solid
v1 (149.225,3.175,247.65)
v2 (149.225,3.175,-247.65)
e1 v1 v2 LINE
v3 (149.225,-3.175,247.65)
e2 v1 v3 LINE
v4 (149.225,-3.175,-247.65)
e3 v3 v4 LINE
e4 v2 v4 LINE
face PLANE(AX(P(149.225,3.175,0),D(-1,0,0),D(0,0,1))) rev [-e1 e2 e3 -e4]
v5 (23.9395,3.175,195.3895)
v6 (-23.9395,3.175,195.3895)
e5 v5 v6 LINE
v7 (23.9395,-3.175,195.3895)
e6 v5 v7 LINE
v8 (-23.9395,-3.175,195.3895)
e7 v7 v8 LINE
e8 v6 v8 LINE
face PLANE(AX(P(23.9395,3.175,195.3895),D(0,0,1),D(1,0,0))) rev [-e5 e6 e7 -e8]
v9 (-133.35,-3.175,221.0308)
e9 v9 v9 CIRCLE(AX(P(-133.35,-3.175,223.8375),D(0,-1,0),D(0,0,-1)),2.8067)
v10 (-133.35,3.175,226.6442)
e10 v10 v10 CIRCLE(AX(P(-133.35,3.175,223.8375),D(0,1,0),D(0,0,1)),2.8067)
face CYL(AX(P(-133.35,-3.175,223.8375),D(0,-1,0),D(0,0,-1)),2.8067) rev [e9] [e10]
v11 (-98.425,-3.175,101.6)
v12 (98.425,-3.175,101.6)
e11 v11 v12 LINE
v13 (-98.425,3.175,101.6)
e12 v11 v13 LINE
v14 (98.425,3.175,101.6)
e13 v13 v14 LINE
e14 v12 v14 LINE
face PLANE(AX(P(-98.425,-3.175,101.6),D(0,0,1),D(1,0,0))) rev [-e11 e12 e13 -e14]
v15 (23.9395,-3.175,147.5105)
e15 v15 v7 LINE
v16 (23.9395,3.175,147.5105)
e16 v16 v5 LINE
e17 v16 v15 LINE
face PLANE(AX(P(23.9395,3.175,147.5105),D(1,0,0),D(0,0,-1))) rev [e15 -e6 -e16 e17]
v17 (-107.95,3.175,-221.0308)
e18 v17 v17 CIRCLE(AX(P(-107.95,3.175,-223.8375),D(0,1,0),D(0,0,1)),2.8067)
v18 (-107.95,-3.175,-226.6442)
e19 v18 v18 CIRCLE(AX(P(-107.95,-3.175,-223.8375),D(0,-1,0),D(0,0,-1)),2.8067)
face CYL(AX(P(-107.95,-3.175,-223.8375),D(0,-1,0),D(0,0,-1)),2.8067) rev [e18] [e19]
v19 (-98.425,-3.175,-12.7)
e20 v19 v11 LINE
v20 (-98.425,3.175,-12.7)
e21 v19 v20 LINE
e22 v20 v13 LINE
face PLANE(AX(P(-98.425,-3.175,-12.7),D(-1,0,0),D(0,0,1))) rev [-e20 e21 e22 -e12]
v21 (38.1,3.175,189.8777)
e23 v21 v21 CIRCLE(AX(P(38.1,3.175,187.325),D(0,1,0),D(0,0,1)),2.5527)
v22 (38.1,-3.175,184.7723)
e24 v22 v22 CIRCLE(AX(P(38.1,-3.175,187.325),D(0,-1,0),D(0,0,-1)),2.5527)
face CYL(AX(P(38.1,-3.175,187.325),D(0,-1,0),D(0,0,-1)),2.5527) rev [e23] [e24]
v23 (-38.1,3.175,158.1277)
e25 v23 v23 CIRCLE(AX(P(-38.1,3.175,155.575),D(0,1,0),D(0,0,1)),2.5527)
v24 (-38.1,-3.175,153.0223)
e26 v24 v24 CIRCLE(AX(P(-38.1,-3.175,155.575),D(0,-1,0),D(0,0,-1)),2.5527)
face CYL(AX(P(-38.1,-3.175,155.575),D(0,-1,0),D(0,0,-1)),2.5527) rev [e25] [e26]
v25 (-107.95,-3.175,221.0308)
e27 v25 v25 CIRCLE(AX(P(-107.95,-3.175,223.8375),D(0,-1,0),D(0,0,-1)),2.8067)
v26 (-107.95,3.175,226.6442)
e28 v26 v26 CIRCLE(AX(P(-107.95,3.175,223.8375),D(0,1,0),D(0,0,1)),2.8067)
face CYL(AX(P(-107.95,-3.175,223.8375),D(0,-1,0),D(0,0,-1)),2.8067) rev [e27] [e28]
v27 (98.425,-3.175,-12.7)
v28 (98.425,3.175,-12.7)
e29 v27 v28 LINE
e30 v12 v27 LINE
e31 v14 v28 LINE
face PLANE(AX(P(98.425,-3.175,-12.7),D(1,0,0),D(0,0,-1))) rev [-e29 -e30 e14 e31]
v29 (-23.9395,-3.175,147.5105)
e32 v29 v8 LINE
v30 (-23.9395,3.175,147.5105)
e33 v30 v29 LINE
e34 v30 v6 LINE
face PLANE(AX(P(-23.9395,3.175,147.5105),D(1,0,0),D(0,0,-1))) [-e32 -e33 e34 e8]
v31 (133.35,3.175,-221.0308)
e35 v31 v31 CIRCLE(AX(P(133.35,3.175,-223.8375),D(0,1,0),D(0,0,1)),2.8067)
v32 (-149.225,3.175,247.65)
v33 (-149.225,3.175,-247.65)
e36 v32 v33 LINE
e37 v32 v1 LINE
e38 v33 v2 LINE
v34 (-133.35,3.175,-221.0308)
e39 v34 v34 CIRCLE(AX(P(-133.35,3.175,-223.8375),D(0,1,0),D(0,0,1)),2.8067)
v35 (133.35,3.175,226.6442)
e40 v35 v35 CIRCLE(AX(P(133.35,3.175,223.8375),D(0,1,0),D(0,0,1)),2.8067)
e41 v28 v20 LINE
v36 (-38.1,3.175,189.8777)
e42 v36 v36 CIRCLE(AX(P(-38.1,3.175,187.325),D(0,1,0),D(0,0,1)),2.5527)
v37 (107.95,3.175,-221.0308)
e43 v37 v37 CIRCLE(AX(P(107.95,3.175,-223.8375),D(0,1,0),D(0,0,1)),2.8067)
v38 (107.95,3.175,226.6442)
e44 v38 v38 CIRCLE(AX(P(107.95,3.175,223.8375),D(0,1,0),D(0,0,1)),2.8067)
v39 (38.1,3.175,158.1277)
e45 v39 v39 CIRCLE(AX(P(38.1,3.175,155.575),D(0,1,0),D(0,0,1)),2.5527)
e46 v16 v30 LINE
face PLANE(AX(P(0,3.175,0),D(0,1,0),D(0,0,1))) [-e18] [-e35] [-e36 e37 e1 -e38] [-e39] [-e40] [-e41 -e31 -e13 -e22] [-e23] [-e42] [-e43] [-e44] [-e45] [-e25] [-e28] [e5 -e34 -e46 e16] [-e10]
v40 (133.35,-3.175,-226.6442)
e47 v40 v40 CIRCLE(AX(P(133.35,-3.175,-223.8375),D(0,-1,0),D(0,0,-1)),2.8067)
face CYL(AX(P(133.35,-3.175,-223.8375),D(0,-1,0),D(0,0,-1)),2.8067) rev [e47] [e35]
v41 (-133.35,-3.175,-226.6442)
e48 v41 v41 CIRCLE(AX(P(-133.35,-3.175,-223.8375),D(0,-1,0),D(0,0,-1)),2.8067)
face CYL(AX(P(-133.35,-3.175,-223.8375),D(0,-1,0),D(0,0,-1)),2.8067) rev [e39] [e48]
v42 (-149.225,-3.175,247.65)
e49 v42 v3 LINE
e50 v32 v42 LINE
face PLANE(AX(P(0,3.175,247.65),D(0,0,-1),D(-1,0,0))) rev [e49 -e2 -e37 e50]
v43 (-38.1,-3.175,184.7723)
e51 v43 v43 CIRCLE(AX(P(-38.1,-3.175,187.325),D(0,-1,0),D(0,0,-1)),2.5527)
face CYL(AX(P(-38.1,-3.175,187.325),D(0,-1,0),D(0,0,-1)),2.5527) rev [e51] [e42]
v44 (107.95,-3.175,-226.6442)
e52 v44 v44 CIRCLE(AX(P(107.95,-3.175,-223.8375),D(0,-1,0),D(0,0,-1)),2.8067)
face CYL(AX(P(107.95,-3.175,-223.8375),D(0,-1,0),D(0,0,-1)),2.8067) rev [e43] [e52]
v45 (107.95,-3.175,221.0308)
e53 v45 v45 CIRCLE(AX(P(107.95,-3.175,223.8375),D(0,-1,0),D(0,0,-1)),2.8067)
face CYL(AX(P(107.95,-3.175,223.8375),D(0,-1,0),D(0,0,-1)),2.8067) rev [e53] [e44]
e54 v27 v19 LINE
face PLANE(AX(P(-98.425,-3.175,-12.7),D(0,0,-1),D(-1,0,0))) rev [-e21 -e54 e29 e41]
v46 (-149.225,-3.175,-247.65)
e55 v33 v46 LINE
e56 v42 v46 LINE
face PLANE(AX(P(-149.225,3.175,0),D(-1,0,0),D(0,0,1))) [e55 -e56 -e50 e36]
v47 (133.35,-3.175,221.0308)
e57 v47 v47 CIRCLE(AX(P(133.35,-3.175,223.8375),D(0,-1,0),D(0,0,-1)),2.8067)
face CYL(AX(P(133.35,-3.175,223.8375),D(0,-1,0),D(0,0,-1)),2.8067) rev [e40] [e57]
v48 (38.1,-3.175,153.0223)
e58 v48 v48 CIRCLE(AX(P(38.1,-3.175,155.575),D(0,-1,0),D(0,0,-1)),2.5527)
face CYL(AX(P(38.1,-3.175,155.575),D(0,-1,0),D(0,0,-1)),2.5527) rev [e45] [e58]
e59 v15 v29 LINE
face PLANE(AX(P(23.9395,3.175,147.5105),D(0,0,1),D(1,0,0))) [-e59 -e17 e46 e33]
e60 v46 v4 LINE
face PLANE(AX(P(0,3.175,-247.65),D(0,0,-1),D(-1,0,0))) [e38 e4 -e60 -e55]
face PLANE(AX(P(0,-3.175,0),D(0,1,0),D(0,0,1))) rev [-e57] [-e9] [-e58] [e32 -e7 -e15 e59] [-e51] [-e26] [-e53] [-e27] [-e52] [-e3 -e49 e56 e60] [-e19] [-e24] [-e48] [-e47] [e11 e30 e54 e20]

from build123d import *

# Parameters (mm, degrees)
SKETCH1_W                  = 298.45
SKETCH1_H                  = 495.3
BOSS_EXTRUDE1_DEPTH        = 3.175
CUT_EXTRUDE1_DEPTH         = 290.203986184
CUT_EXTRUDE1_DEPTH_BACK    = 290.203986184
SKETCH3_W                  = 196.85
SKETCH3_H                  = 114.3
F_12_CLEARANCE_HOLE2_D     = 5.6134
F_12_CLEARANCE_HOLE2_DEPTH = 16.51
F_12_CLEARANCE_HOLE2_TIP   = 1.686435499
SKETCH20_W                 = 47.879
SKETCH20_H                 = 47.879
CUT_EXTRUDE5_DEPTH         = 290.203986184
F_10_CLEARANCE_HOLE1_D     = 5.1054
F_10_CLEARANCE_HOLE1_DEPTH = 10.668
F_10_CLEARANCE_HOLE1_TIP   = 1.533816902


with BuildPart() as part:
    # Sketch1 → Boss-Extrude1 (new, symmetric)
    with BuildSketch(Plane(origin=(0, 0, 0), x_dir=(1, 0, 0), z_dir=(0, 1, 0))):
        Rectangle(SKETCH1_W, SKETCH1_H)
    extrude(amount=BOSS_EXTRUDE1_DEPTH, both=True)

    # Sketch3 → Cut-Extrude1 (cut, two sides: drawn at the far end of the back side and taken through both)
    with BuildSketch(Plane(origin=(0, 3.175, 0), x_dir=(1, 0, 0), z_dir=(0, 1, 0)).offset(-CUT_EXTRUDE1_DEPTH_BACK)):
        with Locations((0, -44.45)):
            Rectangle(SKETCH3_W, SKETCH3_H)
    extrude(amount=CUT_EXTRUDE1_DEPTH + CUT_EXTRUDE1_DEPTH_BACK, mode=Mode.SUBTRACT)

    # #12 Clearance Hole2
    with Locations(Plane(origin=(0, -3.175, 0), x_dir=(-1, 0, 0), z_dir=(0, -1, 0))):
        with Locations((107.95, -223.8375), (133.35, -223.8375), (133.35, 223.8375), (107.95, 223.8375), (-133.35, 223.8375), (-107.95, 223.8375), (-133.35, -223.8375), (-107.95, -223.8375)):
            Hole(F_12_CLEARANCE_HOLE2_D / 2, depth=F_12_CLEARANCE_HOLE2_DEPTH)
            with Locations((0, 0, -(F_12_CLEARANCE_HOLE2_DEPTH + F_12_CLEARANCE_HOLE2_TIP / 2))):  # 118° drill point
                Cone(0, F_12_CLEARANCE_HOLE2_D / 2, F_12_CLEARANCE_HOLE2_TIP, mode=Mode.SUBTRACT)

    # Sketch20 → Cut-Extrude5 (cut, through all)
    with BuildSketch(Plane.XZ.offset(3.175)):
        with Locations((0, 171.45)):
            Rectangle(SKETCH20_W, SKETCH20_H)
    extrude(amount=-CUT_EXTRUDE5_DEPTH, mode=Mode.SUBTRACT)

    # #10 Clearance Hole1
    with Locations(Plane(origin=(0, -3.175, 0), x_dir=(-1, 0, 0), z_dir=(0, -1, 0))):
        with Locations((-38.1, -155.575), (38.1, -155.575), (38.1, -187.325), (-38.1, -187.325)):
            Hole(F_10_CLEARANCE_HOLE1_D / 2, depth=F_10_CLEARANCE_HOLE1_DEPTH)
            with Locations((0, 0, -(F_10_CLEARANCE_HOLE1_DEPTH + F_10_CLEARANCE_HOLE1_TIP / 2))):  # 118° drill point
                Cone(0, F_10_CLEARANCE_HOLE1_D / 2, F_10_CLEARANCE_HOLE1_TIP, mode=Mode.SUBTRACT)


solid = part.part
